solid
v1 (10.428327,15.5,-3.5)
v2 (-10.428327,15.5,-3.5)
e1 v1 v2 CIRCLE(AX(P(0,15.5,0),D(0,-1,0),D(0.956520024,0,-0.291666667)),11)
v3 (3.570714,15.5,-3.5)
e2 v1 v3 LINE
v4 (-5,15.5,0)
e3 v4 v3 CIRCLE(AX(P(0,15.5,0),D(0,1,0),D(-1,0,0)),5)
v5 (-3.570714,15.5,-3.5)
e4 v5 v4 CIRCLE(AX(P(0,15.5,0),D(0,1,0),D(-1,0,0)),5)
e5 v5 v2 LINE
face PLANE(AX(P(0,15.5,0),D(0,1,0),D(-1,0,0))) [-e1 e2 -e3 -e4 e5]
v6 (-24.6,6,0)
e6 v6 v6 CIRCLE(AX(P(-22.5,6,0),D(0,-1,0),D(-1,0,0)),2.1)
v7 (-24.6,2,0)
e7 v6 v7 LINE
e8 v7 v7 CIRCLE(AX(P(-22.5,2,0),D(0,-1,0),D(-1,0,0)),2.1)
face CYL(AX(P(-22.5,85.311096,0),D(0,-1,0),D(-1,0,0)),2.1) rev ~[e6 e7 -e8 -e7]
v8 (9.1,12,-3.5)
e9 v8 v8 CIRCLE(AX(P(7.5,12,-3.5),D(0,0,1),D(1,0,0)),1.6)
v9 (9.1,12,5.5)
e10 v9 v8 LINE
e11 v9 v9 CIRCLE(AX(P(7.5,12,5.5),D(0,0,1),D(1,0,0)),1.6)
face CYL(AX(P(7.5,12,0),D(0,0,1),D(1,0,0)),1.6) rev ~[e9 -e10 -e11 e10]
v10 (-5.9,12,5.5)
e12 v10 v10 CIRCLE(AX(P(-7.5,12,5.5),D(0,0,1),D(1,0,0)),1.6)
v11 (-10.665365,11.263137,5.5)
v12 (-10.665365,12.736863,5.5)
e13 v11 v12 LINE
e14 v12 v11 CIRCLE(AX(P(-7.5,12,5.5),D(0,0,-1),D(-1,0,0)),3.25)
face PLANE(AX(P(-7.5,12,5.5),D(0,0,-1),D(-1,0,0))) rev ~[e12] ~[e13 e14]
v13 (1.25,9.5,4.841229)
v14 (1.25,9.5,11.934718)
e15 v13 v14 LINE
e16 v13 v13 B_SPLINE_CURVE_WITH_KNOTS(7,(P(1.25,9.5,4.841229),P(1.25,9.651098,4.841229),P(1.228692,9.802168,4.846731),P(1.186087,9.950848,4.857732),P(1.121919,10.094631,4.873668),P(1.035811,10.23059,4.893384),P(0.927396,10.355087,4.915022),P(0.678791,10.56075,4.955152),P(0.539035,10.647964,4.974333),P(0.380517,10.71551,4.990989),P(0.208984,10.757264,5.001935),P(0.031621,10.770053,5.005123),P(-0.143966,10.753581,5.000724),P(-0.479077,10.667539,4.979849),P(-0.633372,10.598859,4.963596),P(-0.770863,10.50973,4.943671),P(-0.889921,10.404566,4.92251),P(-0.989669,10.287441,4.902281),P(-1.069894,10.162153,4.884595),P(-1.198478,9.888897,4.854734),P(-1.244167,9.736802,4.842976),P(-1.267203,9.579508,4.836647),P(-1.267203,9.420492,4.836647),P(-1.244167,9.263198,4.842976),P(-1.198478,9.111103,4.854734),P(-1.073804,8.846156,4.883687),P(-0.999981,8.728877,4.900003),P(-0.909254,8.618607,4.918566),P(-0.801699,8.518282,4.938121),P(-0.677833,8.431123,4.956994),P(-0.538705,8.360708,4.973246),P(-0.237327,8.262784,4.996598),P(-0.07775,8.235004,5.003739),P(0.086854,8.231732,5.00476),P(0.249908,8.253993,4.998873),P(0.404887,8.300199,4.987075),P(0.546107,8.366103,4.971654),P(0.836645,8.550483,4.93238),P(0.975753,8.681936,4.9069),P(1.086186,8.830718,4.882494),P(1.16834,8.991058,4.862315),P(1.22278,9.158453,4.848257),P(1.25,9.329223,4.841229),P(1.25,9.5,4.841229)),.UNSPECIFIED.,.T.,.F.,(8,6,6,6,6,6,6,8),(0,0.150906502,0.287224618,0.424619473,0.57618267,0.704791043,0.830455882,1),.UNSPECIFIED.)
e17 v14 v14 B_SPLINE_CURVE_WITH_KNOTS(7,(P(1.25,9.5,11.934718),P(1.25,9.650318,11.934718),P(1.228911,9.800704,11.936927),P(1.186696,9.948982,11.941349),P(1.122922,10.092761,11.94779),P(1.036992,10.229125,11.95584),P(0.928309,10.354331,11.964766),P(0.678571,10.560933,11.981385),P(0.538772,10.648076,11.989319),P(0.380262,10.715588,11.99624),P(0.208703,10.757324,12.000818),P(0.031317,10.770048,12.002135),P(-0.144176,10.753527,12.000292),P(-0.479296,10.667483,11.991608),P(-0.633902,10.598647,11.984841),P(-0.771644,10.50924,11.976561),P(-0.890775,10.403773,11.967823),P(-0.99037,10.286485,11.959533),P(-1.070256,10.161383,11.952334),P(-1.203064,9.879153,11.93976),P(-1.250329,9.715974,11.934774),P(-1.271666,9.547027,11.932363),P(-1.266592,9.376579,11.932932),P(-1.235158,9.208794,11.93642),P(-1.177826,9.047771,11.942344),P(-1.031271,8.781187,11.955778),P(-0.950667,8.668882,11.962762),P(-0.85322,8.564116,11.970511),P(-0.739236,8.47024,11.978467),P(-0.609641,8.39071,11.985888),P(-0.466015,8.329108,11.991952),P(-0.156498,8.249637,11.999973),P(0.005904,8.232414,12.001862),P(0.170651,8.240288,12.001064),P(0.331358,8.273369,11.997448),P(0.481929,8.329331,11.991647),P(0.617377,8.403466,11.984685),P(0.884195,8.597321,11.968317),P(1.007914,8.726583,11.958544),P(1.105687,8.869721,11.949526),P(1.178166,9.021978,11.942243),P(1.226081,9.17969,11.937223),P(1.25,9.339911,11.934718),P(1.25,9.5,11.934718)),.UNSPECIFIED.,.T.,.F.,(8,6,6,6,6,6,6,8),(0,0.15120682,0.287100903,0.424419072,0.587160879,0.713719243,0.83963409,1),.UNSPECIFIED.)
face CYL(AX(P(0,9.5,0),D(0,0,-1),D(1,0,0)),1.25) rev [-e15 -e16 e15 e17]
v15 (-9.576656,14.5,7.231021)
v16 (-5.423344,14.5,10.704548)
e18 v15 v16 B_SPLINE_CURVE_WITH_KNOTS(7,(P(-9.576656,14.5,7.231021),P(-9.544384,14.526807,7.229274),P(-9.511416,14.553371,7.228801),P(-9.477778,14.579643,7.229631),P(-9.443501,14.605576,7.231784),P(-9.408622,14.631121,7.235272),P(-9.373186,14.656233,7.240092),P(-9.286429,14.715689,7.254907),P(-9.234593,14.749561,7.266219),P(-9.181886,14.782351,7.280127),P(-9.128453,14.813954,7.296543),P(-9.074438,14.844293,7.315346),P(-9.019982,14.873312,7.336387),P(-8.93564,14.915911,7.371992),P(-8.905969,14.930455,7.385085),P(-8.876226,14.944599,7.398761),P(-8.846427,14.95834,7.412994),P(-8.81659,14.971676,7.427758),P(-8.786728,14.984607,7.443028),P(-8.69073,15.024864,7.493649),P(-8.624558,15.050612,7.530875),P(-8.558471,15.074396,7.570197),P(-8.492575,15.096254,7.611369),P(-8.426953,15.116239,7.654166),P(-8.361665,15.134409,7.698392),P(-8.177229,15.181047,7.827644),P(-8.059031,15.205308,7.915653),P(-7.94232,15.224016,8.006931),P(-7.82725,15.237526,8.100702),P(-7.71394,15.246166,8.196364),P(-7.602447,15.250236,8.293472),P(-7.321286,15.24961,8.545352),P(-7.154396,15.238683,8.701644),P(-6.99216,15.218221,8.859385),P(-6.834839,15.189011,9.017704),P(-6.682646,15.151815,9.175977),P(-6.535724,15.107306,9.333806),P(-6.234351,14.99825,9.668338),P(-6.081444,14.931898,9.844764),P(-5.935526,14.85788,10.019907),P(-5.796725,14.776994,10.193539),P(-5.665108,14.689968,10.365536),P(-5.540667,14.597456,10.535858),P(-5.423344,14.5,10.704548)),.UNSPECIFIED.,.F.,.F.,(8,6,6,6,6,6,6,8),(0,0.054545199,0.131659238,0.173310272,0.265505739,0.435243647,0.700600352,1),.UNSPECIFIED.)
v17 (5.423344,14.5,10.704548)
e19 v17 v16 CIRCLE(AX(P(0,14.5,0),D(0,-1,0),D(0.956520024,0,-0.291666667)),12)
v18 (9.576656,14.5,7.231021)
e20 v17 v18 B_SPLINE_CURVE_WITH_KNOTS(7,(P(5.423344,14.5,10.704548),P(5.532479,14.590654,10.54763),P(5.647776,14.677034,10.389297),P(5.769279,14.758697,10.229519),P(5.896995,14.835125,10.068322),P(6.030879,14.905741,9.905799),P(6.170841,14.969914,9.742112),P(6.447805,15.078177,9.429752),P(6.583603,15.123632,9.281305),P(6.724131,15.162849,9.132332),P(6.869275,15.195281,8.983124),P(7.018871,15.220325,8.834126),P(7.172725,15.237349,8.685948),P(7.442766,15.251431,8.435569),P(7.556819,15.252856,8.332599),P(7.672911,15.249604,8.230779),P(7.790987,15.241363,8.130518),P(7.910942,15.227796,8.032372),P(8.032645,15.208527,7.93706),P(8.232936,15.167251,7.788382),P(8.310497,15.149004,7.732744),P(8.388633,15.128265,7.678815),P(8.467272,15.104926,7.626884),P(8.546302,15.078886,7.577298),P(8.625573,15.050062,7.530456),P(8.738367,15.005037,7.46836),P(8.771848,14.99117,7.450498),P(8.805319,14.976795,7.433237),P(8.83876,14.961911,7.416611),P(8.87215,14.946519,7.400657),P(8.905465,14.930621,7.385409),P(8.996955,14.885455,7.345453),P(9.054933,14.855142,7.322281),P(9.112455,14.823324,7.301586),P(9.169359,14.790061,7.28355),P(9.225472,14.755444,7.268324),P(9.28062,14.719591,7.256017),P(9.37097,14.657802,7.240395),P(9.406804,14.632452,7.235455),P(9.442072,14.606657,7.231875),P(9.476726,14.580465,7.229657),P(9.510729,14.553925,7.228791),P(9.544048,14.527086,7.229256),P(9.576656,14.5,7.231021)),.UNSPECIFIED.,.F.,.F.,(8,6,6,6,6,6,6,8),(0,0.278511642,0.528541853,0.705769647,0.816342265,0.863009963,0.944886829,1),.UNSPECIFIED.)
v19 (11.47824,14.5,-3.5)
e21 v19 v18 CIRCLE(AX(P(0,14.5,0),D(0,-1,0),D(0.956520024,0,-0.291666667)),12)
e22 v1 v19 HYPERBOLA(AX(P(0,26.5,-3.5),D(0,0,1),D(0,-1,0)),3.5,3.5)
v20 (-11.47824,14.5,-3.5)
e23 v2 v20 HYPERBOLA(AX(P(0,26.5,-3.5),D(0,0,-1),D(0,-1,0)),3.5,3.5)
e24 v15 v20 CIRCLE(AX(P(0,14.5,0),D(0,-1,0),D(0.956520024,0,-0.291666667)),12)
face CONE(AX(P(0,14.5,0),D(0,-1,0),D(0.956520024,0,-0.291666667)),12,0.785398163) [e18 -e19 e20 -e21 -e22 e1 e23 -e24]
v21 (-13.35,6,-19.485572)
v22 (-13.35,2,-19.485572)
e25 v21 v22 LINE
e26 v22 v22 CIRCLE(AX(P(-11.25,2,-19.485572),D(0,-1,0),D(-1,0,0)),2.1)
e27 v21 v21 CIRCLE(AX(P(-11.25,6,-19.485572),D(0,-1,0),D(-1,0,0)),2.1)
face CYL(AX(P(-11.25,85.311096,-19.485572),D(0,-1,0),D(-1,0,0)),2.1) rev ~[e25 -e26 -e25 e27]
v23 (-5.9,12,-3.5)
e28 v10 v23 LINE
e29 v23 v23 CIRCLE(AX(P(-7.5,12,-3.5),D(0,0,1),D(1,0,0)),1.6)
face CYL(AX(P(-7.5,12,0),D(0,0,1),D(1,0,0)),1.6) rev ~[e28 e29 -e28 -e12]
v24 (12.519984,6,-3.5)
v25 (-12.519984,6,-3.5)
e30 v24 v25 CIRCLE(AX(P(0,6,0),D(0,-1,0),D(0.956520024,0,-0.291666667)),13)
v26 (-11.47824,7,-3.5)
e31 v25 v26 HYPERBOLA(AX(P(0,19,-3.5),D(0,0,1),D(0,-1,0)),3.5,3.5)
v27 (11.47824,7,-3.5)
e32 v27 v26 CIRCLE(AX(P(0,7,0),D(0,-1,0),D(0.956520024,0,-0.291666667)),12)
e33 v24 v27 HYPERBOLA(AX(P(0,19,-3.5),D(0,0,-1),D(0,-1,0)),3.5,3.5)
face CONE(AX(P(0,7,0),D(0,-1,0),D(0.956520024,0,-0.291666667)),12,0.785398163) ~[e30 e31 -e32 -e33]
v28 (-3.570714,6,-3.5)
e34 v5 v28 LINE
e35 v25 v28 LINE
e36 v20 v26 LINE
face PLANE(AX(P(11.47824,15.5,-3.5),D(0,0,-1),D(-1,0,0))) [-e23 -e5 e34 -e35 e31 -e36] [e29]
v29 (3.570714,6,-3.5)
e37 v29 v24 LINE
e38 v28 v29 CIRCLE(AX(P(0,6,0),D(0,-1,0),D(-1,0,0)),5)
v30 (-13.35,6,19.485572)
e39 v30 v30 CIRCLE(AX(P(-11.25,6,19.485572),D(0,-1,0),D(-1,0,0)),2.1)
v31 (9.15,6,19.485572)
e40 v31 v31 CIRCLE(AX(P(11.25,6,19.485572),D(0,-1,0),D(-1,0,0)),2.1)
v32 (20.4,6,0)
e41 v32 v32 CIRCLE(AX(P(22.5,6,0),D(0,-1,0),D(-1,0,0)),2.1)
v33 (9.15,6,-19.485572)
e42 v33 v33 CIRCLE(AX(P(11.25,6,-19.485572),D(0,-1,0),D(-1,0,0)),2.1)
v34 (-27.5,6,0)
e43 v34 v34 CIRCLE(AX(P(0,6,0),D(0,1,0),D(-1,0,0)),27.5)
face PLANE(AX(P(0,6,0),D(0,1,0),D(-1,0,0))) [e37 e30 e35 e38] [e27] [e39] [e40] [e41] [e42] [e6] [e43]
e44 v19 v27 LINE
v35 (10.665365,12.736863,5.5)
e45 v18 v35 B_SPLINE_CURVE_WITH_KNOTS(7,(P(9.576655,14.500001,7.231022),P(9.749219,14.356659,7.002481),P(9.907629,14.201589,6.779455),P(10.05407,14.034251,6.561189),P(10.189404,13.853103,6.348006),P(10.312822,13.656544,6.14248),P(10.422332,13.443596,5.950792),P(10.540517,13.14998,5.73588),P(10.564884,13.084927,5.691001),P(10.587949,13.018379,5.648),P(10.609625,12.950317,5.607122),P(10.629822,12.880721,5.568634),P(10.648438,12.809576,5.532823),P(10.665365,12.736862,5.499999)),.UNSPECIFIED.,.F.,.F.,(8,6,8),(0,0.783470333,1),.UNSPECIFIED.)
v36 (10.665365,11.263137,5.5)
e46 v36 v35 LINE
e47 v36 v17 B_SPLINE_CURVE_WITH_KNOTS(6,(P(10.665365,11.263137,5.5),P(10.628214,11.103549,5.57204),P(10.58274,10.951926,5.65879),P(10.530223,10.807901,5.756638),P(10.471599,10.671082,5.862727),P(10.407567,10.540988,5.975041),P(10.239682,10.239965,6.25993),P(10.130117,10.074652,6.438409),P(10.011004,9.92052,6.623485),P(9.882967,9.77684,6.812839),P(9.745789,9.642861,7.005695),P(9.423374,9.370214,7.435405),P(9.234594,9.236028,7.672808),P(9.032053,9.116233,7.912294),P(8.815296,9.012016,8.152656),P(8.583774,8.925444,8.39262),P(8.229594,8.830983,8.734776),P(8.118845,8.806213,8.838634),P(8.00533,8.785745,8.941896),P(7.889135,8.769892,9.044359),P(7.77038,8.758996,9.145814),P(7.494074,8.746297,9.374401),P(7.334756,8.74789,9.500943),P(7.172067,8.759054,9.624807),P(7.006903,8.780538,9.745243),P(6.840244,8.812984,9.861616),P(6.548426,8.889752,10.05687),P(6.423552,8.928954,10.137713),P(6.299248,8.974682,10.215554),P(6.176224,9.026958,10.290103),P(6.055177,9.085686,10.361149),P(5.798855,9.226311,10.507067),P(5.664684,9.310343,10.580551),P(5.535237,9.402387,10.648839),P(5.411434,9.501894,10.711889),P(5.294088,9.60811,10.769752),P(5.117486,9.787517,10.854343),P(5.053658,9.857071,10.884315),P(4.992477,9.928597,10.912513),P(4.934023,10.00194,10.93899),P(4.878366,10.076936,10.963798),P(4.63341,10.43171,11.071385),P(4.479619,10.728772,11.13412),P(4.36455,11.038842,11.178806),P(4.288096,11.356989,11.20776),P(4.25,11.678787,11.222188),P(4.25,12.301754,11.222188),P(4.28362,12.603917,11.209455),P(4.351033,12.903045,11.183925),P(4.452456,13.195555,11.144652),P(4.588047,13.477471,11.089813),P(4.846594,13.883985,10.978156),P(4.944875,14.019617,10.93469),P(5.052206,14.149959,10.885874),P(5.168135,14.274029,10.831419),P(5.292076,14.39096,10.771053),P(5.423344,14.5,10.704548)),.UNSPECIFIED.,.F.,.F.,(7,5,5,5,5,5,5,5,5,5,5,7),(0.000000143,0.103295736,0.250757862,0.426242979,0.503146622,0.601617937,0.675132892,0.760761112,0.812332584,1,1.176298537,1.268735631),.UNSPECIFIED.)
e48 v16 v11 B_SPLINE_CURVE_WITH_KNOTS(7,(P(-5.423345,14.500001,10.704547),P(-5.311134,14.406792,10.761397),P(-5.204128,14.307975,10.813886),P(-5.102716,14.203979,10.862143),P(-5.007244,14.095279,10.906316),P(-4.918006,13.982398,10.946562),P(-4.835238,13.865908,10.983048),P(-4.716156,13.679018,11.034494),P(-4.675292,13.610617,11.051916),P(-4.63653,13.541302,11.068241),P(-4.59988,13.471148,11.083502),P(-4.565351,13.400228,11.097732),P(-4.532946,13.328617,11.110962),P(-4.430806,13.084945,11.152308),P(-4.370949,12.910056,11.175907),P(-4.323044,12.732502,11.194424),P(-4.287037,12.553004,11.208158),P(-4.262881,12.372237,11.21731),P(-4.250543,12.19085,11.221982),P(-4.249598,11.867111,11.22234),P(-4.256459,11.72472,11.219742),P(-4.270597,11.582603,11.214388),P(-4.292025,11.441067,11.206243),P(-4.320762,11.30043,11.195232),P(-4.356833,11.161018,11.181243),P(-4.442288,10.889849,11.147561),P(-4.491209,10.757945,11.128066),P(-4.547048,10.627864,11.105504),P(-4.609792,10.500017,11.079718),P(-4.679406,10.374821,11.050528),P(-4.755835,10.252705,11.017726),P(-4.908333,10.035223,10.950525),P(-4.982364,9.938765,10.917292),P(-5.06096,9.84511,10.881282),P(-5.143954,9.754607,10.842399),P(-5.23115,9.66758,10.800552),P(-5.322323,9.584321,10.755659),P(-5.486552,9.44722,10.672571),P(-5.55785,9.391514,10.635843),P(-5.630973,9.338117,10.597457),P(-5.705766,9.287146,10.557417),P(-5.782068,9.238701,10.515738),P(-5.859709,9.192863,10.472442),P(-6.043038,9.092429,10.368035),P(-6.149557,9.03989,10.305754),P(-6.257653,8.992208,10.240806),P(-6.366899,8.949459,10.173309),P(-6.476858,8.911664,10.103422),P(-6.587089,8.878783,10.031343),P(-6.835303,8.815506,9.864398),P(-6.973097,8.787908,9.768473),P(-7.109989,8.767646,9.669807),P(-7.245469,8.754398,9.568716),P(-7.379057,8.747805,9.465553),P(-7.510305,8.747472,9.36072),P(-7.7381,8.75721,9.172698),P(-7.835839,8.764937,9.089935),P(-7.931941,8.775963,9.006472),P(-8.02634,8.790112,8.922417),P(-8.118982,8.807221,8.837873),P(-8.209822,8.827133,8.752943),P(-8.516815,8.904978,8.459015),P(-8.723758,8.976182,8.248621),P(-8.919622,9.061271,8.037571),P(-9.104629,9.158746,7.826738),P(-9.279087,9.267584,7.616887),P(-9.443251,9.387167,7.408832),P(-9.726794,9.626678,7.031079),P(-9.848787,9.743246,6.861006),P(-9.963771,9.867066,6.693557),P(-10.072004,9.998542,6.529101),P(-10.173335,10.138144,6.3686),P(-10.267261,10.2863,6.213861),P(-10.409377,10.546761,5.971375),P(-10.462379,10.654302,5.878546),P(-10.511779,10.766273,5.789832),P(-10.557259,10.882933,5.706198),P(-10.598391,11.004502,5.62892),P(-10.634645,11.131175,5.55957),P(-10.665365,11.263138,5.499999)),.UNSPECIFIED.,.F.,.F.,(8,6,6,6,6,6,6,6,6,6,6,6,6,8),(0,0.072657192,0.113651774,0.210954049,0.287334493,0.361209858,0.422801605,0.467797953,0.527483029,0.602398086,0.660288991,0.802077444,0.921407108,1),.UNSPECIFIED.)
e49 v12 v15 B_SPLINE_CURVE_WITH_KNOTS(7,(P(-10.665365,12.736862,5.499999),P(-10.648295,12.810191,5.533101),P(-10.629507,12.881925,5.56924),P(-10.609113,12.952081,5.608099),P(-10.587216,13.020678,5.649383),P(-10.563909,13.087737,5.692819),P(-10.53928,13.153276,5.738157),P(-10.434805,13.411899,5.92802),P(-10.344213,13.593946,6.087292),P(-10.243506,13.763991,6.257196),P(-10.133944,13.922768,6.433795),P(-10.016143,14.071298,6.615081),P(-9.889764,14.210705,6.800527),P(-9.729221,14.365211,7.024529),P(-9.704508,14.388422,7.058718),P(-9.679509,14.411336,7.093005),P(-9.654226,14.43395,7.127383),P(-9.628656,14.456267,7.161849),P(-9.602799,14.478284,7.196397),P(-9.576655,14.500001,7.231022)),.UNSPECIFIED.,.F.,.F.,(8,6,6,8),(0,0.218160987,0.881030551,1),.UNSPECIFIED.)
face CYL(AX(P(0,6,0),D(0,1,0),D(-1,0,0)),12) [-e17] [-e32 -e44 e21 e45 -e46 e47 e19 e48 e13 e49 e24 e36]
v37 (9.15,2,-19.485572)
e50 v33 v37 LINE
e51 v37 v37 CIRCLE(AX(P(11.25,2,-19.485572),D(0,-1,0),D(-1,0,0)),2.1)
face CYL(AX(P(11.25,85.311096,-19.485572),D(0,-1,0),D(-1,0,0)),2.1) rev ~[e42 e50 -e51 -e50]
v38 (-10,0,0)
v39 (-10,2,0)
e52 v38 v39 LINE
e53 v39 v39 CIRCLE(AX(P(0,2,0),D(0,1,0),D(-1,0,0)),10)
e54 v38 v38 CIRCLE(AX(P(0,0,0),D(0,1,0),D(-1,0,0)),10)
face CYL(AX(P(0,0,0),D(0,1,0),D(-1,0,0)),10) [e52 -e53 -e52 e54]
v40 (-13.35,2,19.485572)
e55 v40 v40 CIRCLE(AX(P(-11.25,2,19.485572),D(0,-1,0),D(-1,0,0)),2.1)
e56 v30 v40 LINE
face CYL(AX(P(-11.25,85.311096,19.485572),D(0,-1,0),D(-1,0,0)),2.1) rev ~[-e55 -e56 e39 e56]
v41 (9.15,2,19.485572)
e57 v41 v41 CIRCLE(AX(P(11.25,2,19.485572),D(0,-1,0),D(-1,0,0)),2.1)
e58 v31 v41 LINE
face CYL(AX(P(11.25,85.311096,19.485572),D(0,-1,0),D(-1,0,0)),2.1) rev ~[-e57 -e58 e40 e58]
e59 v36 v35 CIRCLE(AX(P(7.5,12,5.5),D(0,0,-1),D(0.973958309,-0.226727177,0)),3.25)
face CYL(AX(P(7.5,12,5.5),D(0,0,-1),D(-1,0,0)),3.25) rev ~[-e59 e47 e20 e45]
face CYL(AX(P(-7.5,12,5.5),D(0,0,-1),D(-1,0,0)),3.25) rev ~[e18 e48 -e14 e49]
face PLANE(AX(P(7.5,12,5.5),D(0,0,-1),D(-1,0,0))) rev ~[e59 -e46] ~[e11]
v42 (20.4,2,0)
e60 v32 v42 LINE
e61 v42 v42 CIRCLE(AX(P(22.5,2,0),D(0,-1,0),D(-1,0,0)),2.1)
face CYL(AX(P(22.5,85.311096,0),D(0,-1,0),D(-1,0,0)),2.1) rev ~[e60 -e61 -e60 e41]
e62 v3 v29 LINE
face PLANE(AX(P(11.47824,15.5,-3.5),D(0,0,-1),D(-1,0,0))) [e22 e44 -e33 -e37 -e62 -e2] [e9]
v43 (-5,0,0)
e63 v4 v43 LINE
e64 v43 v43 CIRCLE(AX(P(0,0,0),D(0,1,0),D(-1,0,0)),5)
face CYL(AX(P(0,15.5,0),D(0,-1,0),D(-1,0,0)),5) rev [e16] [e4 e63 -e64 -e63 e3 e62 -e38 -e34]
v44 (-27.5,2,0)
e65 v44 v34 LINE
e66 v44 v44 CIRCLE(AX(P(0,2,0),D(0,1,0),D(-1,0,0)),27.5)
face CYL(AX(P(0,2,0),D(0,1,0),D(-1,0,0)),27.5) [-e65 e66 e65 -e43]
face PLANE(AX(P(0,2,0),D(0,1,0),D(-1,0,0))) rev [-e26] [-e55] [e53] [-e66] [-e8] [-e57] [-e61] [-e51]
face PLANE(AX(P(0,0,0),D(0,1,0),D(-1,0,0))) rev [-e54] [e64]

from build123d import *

# Parameters (mm, degrees)
SKETCH_2_R               = 1
CUT_EXTRUDE_2_DEPTH      = 10
CUT_EXTRUDE_4_DEPTH      = 9.5
CHAMFER_1_SIZE           = 1
SKETCH_3_R               = 1.25
SKETCH_3_R_2             = 1.6
CUT_EXTRUDE_3_DEPTH      = 28.5
CUT_EXTRUDE_3_DEPTH_BACK = 28.5
SKETCH_7_R               = 3.25
CUT_EXTRUDE_5_DEPTH      = 23
HOLE_WIZARD_M5_1_D       = 4.2


with BuildPart() as part:
    # 草图1 → 旋转1 (revolve)
    with BuildSketch(Plane.XY):
        Polygon((-10, 2), (-27.5, 2), (-27.5, 6), (-12, 6), (-12, 15.5), (-5, 15.5), (-5, 0), (-10, 0), align=None)
    revolve(axis=Axis((0, 0, 0), (0, 1, 0)))

    # 草图2 → 切除-拉伸2 (cut)
    with BuildSketch(Plane.XZ.offset(-2)):
        with Locations((-11.25, 19.485571585)):
            Circle(SKETCH_2_R)
        with Locations((11.25, 19.485571585)):
            Circle(SKETCH_2_R)
        with Locations((22.5, 0)):
            Circle(SKETCH_2_R)
        with Locations((11.25, -19.485571585)):
            Circle(SKETCH_2_R)
        with Locations((-11.25, -19.485571585)):
            Circle(SKETCH_2_R)
        with Locations((-22.5, 0)):
            Circle(SKETCH_2_R)
    extrude(amount=-CUT_EXTRUDE_2_DEPTH, mode=Mode.SUBTRACT)

    # 草图6 → 切除-拉伸4 (cut)
    with BuildSketch(Plane.XZ.offset(-15.5)):
        with BuildLine():
            Line((11.478240283, -3.5), (-11.478240283, -3.5))
            ThreePointArc((-11.478240283, -3.5), (0, -12), (11.478240283, -3.5))
        make_face()
    extrude(amount=CUT_EXTRUDE_4_DEPTH, mode=Mode.SUBTRACT)

    # 倒角1
    chamfer_1_edges = [part.edges().sort_by_distance(p)[0] for p in [
        (0, 15.5, 12),
        (0, 6, 12),
    ]]
    chamfer(chamfer_1_edges, length=CHAMFER_1_SIZE)

    # 草图3 → 切除-拉伸3 (cut, two sides)
    with BuildSketch(Plane.XY) as cut_extrude_3_sk:
        with Locations((0, 9.5)):
            Circle(SKETCH_3_R)
        with Locations((7.5, 12)):
            Circle(SKETCH_3_R_2)
        with Locations((-7.5, 12)):
            Circle(SKETCH_3_R_2)
    extrude(amount=CUT_EXTRUDE_3_DEPTH, mode=Mode.SUBTRACT)
    extrude(cut_extrude_3_sk.sketch, amount=-CUT_EXTRUDE_3_DEPTH_BACK, mode=Mode.SUBTRACT)

    # 草图7 → 切除-拉伸5 (cut, through all)
    with BuildSketch(Plane(origin=(0, 0, 5.5), x_dir=(-1, 0, 0), z_dir=(0, 0, -1))):
        with Locations((-7.5, 12)):
            Circle(SKETCH_7_R)
        with Locations((7.5, 12)):
            Circle(SKETCH_7_R)
    extrude(amount=-CUT_EXTRUDE_5_DEPTH, mode=Mode.SUBTRACT)

    # M5 螺纹孔1 (through all)
    with Locations(Plane(origin=(0, 6, 0), x_dir=(1, 0, 0), z_dir=(0, 1, 0))):
        with Locations((11.25, 19.485571585), (22.5, 0), (11.25, -19.485571585), (-11.25, -19.485571585), (-22.5, 0), (-11.25, 19.485571585)):
            Hole(HOLE_WIZARD_M5_1_D / 2)


solid = part.part
